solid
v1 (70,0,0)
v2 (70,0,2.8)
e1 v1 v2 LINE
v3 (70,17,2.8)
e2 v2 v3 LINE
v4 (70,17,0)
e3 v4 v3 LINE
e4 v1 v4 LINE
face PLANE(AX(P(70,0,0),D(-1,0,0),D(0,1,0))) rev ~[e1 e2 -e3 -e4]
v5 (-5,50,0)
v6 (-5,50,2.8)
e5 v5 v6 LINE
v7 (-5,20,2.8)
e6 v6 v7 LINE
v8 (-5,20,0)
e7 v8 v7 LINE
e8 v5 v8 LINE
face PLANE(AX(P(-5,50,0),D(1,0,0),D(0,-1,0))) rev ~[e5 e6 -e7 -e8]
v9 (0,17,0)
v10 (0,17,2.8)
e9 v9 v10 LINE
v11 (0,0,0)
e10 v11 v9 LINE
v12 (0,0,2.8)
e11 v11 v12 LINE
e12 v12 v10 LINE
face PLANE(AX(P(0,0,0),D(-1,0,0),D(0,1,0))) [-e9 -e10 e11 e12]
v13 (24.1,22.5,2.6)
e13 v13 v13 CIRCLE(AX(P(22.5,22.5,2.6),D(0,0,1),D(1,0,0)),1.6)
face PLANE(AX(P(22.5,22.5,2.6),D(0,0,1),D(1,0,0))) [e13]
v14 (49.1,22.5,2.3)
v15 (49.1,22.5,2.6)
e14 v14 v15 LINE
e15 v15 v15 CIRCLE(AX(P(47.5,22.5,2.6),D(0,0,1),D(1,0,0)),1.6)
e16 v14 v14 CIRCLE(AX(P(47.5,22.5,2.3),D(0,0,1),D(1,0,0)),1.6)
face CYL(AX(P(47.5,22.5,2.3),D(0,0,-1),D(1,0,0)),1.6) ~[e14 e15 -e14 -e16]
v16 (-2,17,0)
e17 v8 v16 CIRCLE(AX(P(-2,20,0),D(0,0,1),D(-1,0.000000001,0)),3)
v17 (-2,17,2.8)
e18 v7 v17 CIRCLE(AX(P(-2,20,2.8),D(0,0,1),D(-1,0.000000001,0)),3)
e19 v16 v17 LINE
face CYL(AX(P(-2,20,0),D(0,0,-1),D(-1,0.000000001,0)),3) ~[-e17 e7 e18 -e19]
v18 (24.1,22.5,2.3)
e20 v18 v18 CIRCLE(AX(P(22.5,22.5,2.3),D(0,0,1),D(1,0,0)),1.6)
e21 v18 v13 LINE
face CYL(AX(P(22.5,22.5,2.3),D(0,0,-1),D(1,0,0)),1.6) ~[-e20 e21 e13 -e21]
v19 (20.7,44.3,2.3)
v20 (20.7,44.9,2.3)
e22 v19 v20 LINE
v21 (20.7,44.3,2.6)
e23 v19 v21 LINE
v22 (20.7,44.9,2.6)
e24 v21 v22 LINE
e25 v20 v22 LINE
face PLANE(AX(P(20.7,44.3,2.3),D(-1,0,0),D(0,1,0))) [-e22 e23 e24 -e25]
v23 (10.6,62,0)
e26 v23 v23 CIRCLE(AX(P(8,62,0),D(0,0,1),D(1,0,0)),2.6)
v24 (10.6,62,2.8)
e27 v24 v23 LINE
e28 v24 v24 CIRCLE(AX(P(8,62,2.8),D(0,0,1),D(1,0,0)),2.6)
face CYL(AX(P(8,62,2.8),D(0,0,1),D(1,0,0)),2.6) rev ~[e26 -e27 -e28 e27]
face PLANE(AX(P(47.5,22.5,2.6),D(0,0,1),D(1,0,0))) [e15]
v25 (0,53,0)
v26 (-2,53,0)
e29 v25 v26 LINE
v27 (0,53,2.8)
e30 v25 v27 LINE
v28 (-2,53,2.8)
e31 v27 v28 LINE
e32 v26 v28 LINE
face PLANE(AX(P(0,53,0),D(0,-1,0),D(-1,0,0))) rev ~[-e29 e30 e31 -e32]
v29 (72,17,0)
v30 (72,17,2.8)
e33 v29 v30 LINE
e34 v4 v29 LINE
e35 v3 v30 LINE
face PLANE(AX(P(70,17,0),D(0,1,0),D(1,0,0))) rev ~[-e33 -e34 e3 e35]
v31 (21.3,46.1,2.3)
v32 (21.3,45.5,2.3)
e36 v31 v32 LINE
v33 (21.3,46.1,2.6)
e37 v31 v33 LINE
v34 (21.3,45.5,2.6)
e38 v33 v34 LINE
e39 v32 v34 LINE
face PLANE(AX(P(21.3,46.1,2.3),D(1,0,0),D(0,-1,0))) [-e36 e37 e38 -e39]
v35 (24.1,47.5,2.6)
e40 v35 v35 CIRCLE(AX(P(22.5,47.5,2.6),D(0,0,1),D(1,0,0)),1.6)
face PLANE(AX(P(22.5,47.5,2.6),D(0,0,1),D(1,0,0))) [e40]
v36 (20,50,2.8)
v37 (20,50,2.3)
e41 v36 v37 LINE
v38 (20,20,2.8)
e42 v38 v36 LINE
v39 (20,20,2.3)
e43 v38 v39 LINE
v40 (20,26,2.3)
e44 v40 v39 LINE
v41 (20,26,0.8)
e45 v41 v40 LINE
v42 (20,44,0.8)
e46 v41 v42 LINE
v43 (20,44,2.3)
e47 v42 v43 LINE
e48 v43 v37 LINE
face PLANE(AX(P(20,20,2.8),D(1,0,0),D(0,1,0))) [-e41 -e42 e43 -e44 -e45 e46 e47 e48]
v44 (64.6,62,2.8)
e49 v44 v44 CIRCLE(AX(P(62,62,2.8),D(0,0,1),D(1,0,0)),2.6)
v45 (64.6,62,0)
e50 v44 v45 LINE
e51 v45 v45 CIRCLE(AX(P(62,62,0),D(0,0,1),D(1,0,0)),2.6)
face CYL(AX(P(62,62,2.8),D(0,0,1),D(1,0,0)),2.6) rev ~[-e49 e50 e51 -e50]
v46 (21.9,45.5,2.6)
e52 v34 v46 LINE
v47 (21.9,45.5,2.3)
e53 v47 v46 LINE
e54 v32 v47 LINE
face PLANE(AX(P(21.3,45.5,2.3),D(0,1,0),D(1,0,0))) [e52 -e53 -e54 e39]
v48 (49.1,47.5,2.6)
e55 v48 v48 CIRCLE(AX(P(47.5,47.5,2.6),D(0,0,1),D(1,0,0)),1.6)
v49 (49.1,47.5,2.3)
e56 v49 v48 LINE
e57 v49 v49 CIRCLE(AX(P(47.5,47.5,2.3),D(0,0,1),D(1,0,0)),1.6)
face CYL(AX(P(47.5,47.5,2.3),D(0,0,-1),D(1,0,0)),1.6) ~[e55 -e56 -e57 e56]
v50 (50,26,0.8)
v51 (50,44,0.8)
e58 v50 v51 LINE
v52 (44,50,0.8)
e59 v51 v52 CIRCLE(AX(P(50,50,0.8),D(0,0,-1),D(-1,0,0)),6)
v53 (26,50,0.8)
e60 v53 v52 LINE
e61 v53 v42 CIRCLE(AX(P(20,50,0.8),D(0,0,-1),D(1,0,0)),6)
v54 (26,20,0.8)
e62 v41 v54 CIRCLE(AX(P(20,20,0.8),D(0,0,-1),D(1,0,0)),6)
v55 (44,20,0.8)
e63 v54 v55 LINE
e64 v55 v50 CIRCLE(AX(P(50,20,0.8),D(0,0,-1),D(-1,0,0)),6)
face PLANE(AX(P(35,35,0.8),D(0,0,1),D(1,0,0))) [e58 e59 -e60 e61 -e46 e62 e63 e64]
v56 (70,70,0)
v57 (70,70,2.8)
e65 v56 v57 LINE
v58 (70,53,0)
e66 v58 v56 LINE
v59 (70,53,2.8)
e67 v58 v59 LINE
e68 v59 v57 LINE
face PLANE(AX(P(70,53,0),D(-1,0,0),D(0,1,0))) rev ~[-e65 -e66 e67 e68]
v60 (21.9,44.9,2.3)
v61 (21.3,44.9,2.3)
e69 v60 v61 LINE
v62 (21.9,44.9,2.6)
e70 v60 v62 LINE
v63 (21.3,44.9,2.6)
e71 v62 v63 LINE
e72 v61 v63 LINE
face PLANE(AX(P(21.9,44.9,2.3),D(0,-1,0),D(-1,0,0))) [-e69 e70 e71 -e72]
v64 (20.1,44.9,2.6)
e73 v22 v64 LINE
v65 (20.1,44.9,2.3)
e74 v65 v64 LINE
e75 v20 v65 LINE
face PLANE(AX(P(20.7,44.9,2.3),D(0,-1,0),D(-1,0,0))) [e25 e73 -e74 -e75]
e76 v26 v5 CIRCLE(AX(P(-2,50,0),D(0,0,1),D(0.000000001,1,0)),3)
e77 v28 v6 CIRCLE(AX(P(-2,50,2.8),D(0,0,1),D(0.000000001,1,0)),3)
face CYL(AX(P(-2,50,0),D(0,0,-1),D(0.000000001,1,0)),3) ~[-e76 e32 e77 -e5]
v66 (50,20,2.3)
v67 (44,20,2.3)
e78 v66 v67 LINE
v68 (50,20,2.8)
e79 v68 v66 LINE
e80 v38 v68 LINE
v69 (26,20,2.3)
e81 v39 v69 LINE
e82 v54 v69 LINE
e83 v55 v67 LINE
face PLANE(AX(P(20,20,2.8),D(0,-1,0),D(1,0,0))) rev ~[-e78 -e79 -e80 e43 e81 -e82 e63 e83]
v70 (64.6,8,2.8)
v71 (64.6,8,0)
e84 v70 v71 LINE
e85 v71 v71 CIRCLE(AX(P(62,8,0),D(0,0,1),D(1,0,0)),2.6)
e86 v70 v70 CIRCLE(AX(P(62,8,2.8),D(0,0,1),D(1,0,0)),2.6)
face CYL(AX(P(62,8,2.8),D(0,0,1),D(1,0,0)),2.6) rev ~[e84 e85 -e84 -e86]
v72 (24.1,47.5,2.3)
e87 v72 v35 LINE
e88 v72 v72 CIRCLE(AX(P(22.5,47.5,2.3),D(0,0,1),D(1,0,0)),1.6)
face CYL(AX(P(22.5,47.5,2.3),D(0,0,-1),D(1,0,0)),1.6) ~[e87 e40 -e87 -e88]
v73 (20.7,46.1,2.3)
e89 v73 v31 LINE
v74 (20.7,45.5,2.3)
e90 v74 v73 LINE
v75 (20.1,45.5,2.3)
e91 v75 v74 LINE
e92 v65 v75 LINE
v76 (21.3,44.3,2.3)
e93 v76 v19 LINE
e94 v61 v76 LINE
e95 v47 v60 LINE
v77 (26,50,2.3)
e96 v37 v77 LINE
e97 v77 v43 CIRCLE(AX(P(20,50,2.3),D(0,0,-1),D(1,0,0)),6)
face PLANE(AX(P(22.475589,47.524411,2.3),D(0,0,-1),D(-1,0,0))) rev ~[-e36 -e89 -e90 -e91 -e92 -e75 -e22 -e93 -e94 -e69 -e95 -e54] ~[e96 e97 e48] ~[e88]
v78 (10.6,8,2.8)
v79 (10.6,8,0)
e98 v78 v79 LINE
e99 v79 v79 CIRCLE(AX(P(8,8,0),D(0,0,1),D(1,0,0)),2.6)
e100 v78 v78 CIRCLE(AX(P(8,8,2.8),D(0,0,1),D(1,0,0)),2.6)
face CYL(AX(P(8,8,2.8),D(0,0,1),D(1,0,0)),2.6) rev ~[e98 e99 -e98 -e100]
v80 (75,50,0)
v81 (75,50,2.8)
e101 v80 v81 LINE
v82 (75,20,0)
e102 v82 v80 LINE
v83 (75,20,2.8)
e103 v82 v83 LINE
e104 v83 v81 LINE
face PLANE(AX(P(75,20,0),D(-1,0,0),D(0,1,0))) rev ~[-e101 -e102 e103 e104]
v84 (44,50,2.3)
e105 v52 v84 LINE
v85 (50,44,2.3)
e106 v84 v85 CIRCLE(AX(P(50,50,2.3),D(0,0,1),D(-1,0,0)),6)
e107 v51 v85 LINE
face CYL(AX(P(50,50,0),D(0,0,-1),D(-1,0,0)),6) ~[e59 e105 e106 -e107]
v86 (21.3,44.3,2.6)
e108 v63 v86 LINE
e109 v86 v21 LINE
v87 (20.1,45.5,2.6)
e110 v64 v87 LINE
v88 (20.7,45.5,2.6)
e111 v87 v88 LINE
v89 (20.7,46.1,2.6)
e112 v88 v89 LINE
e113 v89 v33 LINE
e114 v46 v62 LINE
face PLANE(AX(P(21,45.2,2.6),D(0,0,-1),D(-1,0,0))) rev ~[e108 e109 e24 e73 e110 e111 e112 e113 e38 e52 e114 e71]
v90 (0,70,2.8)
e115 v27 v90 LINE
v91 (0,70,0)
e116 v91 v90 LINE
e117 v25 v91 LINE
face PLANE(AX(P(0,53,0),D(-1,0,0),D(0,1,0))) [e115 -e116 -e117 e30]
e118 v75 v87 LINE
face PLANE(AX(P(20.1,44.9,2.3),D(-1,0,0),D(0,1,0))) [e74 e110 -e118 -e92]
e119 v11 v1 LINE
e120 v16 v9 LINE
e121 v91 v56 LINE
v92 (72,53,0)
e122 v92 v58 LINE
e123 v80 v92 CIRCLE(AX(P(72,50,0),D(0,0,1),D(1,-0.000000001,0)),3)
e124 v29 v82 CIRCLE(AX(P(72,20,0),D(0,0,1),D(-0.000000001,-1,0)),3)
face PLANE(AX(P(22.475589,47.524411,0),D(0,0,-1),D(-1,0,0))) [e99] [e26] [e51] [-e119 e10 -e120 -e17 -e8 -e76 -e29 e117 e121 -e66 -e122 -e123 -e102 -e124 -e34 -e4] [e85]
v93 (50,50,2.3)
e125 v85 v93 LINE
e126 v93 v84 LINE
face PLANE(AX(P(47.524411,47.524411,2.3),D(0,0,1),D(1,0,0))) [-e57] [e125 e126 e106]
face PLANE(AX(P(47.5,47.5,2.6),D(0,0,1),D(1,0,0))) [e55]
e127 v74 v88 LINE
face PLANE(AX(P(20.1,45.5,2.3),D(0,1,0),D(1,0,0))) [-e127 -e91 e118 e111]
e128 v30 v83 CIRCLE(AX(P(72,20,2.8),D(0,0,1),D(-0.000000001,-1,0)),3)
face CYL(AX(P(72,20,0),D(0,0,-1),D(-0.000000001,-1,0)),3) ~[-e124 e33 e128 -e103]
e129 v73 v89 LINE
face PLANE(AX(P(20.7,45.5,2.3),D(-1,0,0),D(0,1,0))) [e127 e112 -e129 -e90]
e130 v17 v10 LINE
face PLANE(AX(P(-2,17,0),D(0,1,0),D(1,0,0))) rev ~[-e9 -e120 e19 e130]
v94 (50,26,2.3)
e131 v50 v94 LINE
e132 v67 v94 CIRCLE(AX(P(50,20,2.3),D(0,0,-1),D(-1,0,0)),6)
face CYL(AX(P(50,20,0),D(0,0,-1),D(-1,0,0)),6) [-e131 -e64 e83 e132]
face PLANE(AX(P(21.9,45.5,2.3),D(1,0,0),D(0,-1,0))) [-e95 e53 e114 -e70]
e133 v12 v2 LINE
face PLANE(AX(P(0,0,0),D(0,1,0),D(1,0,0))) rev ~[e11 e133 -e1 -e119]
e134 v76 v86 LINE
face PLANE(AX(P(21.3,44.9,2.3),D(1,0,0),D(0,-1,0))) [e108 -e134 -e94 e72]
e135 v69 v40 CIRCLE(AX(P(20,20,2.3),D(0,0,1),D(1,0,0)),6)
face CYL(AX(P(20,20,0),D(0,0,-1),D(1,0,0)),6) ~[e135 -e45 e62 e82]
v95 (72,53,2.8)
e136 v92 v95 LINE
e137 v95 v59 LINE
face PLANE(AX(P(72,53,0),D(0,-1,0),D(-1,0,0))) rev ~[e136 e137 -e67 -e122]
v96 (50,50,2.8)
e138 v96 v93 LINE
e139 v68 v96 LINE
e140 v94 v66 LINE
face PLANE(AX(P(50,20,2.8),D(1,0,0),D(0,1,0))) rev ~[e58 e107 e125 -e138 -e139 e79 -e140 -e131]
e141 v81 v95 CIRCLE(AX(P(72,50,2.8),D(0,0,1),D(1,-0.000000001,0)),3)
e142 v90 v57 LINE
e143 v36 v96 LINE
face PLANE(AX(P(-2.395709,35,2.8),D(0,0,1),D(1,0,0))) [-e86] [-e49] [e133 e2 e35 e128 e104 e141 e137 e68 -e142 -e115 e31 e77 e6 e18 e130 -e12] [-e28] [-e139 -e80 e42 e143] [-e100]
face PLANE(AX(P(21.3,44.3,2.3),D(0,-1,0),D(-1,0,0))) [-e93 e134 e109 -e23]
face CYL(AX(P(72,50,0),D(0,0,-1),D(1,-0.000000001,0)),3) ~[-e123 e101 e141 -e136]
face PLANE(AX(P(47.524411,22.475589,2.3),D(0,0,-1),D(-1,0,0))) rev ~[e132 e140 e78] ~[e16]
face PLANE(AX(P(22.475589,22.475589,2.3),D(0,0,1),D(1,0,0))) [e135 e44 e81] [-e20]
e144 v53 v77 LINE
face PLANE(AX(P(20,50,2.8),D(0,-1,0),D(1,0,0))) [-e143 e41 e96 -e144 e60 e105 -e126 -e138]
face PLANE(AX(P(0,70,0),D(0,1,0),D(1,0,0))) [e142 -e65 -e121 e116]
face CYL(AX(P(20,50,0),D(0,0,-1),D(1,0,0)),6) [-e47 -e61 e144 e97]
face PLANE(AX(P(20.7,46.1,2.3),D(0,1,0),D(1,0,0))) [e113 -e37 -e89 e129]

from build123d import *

# Parameters (mm, degrees)
SKETCH_1_W          = 70
SKETCH_1_H          = 70
EXTRUDE_1_DEPTH     = 2.8
SKETCH_2_W          = 30
SKETCH_2_H          = 30
CUT_EXTRUDE_1_DEPTH = 2
SKETCH_3_R          = 2.6
CUT_EXTRUDE_2_DEPTH = 3
EXTRUDE_2_DEPTH     = 2.3
SKETCH_6_R          = 1.6
EXTRUDE_3_DEPTH     = 0.3


with BuildPart() as part:
    # 草图1 → 凸台-拉伸1 (new body)
    with BuildSketch(Plane.XY):
        with BuildLine():
            Line((-2, 17), (0, 17))
            Line((0, 17), (0, 53))
            Line((0, 53), (-2, 53))
            ThreePointArc((-2, 53), (-4.121320344, 52.121320344), (-5, 50))
            Line((-5, 50), (-5, 20))
            ThreePointArc((-5, 20), (-4.121320344, 17.878679656), (-2, 17))
        make_face()
        with Locations((35, 35)):
            Rectangle(SKETCH_1_W, SKETCH_1_H)
        with BuildLine():
            Line((70, 53), (70, 17))
            Line((70, 17), (72, 17))
            ThreePointArc((72, 17), (74.121320344, 17.878679656), (75, 20))
            Line((75, 20), (75, 50))
            ThreePointArc((75, 50), (74.121320344, 52.121320344), (72, 53))
            Line((72, 53), (70, 53))
        make_face()
    extrude(amount=EXTRUDE_1_DEPTH)

    # 草图2 → 切除-拉伸1 (cut)
    with BuildSketch(Plane.XY.offset(2.8)):
        with Locations((35, 35)):
            Rectangle(SKETCH_2_W, SKETCH_2_H)
    extrude(amount=-CUT_EXTRUDE_1_DEPTH, mode=Mode.SUBTRACT)

    # 草图3 → 切除-拉伸2 (cut)
    with BuildSketch(Plane.XY.offset(2.8)):
        with Locations((8, 62)):
            Circle(SKETCH_3_R)
        with Locations((62, 62)):
            Circle(SKETCH_3_R)
        with Locations((8, 8)):
            Circle(SKETCH_3_R)
        with Locations((62, 8)):
            Circle(SKETCH_3_R)
    extrude(amount=-CUT_EXTRUDE_2_DEPTH, mode=Mode.SUBTRACT)

    # 草图4 → 凸台-拉伸2 (add)
    with BuildSketch(Plane.XY):
        with BuildLine():
            Line((20, 44), (20, 50))
            Line((20, 50), (26, 50))
            ThreePointArc((26, 50), (24.242640687, 45.757359313), (20, 44))
        make_face()
        with BuildLine():
            Line((50, 44), (50, 50))
            Line((50, 50), (44, 50))
            ThreePointArc((44, 50), (45.757359313, 45.757359313), (50, 44))
        make_face()
        with BuildLine():
            Line((50, 20), (44, 20))
            ThreePointArc((44, 20), (45.757359313, 24.242640687), (50, 26))
            Line((50, 26), (50, 20))
        make_face()
        with BuildLine():
            Line((20, 26), (20, 20))
            Line((20, 20), (26, 20))
            ThreePointArc((26, 20), (24.242640687, 24.242640687), (20, 26))
        make_face()
    extrude(amount=EXTRUDE_2_DEPTH)

    # 草图6 → 凸台-拉伸3 (add)
    with BuildSketch(Plane.XY.offset(2.3)):
        with Locations((22.5, 47.5)):
            Circle(SKETCH_6_R)
        with Locations((47.5, 47.5)):
            Circle(SKETCH_6_R)
        with Locations((47.5, 22.5)):
            Circle(SKETCH_6_R)
        with Locations((22.5, 22.5)):
            Circle(SKETCH_6_R)
        Polygon((20.1, 45.5), (20.7, 45.5), (20.7, 46.1), (21.3, 46.1), (21.3, 45.5), (21.9, 45.5), (21.9, 44.9), (21.3, 44.9), (21.3, 44.3), (20.7, 44.3), (20.7, 44.9), (20.1, 44.9), align=None)
    extrude(amount=EXTRUDE_3_DEPTH)


solid = part.part
